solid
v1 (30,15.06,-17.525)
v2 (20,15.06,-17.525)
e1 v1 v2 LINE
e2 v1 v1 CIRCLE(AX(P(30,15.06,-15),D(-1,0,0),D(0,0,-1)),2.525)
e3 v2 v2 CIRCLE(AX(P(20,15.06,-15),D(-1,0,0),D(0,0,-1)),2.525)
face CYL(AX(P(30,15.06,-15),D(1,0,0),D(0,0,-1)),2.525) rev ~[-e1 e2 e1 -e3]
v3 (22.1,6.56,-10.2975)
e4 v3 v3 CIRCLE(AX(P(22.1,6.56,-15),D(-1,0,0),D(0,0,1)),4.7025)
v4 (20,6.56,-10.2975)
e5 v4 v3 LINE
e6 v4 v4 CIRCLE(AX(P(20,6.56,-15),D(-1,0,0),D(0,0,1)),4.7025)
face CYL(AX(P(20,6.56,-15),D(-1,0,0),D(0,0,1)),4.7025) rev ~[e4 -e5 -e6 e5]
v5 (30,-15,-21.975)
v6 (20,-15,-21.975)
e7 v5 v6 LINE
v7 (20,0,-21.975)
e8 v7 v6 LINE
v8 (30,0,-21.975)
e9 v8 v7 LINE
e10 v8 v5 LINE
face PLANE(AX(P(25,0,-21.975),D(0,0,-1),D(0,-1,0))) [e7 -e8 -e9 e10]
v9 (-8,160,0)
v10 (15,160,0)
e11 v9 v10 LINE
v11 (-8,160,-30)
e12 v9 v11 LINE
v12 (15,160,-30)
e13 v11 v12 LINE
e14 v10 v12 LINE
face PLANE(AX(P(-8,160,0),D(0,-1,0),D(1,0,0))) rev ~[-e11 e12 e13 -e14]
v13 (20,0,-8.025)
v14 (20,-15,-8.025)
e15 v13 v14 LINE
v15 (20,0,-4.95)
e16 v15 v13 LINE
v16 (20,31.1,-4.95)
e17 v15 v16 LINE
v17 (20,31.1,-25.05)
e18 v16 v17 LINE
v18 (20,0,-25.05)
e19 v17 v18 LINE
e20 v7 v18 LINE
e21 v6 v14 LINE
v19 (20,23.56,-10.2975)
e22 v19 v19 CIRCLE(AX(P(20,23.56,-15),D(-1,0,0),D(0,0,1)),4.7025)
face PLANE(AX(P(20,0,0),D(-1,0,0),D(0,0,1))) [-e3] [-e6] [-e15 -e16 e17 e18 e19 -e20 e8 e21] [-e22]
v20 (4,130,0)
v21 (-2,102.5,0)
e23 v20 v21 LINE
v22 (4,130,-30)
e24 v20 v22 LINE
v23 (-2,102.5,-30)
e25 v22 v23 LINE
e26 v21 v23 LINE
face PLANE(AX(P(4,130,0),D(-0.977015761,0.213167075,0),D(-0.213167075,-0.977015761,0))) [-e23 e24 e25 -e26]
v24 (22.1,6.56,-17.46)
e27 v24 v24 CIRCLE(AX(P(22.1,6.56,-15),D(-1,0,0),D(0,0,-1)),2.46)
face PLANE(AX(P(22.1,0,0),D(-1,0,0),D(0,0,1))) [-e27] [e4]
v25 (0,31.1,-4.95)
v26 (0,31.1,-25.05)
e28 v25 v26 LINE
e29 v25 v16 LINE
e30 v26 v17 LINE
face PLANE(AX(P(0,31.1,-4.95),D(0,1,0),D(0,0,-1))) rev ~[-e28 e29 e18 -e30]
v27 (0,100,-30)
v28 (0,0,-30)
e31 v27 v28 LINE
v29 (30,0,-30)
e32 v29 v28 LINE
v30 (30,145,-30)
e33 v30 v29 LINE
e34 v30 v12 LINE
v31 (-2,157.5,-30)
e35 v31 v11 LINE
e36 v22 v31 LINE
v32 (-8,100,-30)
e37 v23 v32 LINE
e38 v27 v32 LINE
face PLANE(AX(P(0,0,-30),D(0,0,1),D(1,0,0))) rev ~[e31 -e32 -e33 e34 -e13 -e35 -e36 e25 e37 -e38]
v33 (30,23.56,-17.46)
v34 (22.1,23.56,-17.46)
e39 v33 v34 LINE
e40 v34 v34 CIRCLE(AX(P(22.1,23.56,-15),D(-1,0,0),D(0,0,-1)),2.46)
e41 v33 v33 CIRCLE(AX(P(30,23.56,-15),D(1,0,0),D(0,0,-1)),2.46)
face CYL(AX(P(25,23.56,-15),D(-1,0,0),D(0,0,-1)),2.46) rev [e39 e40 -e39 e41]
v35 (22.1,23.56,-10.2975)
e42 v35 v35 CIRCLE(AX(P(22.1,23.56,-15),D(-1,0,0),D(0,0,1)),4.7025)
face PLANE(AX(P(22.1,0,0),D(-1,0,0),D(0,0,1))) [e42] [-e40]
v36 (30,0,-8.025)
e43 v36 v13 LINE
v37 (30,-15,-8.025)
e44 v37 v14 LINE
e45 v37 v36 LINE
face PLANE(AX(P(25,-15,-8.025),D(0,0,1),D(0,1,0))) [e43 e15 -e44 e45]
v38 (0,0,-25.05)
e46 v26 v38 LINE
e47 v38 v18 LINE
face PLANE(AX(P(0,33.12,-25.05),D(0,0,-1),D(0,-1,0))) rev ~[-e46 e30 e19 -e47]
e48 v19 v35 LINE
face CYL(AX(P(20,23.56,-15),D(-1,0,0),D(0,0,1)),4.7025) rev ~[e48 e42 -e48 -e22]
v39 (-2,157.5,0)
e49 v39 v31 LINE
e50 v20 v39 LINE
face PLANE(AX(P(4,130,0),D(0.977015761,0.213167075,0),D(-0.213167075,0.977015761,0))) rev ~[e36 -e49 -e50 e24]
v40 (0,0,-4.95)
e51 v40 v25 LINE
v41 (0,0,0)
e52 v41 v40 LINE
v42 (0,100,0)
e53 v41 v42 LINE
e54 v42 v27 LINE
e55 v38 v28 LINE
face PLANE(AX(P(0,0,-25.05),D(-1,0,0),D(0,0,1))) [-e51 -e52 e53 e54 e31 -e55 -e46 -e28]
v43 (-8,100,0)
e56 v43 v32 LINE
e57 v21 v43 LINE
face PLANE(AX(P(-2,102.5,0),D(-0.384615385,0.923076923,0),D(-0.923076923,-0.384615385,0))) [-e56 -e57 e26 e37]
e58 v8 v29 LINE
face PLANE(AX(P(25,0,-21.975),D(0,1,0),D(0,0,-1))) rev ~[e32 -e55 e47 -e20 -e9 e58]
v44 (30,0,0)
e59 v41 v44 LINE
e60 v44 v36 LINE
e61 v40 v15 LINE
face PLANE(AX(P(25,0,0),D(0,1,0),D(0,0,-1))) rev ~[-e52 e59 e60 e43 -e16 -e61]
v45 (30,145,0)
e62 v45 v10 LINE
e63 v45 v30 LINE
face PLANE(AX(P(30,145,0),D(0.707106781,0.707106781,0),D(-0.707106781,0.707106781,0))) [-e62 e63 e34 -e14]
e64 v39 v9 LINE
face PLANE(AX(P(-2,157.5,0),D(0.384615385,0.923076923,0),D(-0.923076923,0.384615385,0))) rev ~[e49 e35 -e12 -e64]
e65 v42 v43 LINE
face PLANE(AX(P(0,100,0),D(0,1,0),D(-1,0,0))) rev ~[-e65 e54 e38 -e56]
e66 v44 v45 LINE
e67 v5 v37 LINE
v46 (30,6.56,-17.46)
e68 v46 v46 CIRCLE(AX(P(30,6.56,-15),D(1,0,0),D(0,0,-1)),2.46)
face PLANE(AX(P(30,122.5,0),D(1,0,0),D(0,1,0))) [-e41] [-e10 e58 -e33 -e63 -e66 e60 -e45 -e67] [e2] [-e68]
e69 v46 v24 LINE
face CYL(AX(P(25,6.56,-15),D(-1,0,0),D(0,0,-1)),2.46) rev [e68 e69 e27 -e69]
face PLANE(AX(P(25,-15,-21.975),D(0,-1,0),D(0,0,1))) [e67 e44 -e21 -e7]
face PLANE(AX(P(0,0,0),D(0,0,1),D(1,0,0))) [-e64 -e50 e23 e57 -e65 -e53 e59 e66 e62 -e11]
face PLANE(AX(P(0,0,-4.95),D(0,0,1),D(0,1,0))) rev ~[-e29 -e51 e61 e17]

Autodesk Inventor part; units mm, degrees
ref_plane "YZ Plane" through (0, 0, 0) normal (1, 0, 0) x (0, 1, 0)
ref_plane "XZ Plane" through (0, 0, 0) normal (0, 1, 0) x (-1, 0, 0)
ref_plane "XY Plane" through (0, 0, 0) normal (0, 0, 1) x (1, 0, 0)
sketch "Sketch1" plane through (0, 0, 0) normal (0, 0, 1) x (1, 0, 0)
  line L0 (0, 0) -> (25, 0)
  line L1 (25, 0) -> (25, 40)
  line L2 (25, 40) -> (0, 40)
  line L3 (0, 40) -> (0, 0)
  dimension "d1" = 25
  dimension "d2" = 40
  dimension "d3" = 25
extrude "Extrusion1" add sketch "Sketch1" against normal blind 30
sketch "Sketch2" plane through (25, 0, 0) normal (1, 0, 0) x (0, 0, -1)
  line L0 (0, 0) -> (30, 0) projected
  circle A0 centre (15, 6.56) radius 2.46
extrude "Extrusion2" cut sketch "Sketch2" against normal blind 30
sketch "Sketch3" plane through (0, 0, 0) normal (-1, 0, 0) x (0, 0, 1)
  line L0 (0, 0) -> (-30, 0) projected
  line L1 (-25.05, 0) -> (-4.95, 0)
  line L2 (-4.95, 0) -> (-4.95, 33.12)
  line L3 (-4.95, 33.12) -> (-25.05, 33.12)
  line L4 (-25.05, 33.12) -> (-25.05, 0)
  dimension "d11" = 20.1
extrude "Extrusion3" cut sketch "Sketch3" against normal blind 20
sketch "Sketch4" plane through (0, 0, 0) normal (0, -1, 0) x (1, 0, 0)
  line L0 (20, -4.95) -> (20, -25.05) projected
  line L1 (20, -15) -> (25, -15)
  line L2 (25, 0) -> (25, -30) projected
  line L3 (20, -8.025) -> (25, -8.025)
  line L4 (25, -8.025) -> (25, -21.975)
  line L5 (25, -21.975) -> (20, -21.975)
  line L6 (20, -21.975) -> (20, -8.025)
  line L7 (20, -8.025) -> (25, -21.975) construction
  line L8 (25, -8.025) -> (20, -21.975) construction
  line L9 (25, -12.54) -> (25, -17.46) projected
  point P0 (0, 0)
  point P1 (22.5, -15)
  dimension "d14" = 13.95
extrude "Extrusion4" add sketch "Sketch4" along normal blind 15
sketch "Sketch5" plane through (20, 0, 0) normal (-1, 0, 0) x (0, 0, 1)
  circle A0 centre (-15, 6.56) radius 2.46 projected
  circle A1 centre (-15, 6.56) radius 4.7025
  circle A2 centre (-15, 6.56) radius 2.46 projected
  circle A3 centre (-15, 6.56) radius 2.46
  point P0 (0, 0)
  dimension "d17" = 9.405
extrude "Extrusion5" cut sketch "Sketch5" against normal blind 2.1
sketch "Sketch6" plane through (25, 0, 0) normal (1, 0, 0) x (0, 0, -1)
  circle A0 centre (15, 6.56) radius 4.7025 projected
  line L0 (15, 6.56) -> (15, 23.56)
  circle A1 centre (15, 23.56) radius 2.46
  point P0 (0, 0)
  dimension "d20" = 17
  dimension "d21" = 4.92
extrude "Extrusion6" cut sketch "Sketch6" against normal blind 10 contours A1
sketch "Sketch7" plane through (20, 0, 0) normal (-1, 0, 0) x (0, 0, 1)
  circle A0 centre (-15, 23.56) radius 2.46 projected
  circle A1 centre (-15, 23.56) radius 4.7025
  point P0 (0, 0)
  dimension "d24" = 9.405
extrude "Extrusion7" cut sketch "Sketch7" against normal blind 2.1
sketch "Sketch9" plane through (25, 0, 0) normal (1, 0, 0) x (0, 0, -1)
  circle A0 centre (15, 6.56) radius 2.46 projected
  circle A1 centre (15, 6.56) radius 2.46
  circle A2 centre (15, 23.56) radius 2.46 projected
  circle A3 centre (15, 23.56) radius 2.46
  line L0 (30, 40) -> (30, 0) projected
  line L1 (30, 0) -> (30, 40)
  line L2 (30, 40) -> (0, 40)
  line L3 (0, 40) -> (0, 0)
  line L4 (0, 0) -> (8.025, 0) projected
  line L5 (21.975, 0) -> (21.975, -15)
  line L6 (21.975, -15) -> (8.025, -15)
  line L7 (8.025, -15) -> (8.025, 0)
  line L8 (0, 0) -> (8.025, 0)
  line L9 (21.975, 0) -> (30, 0)
extrude "Extrusion8" add sketch "Sketch9" along normal blind 5
sketch "Sketch10" plane through (0, 40, 0) normal (0, 1, 0) x (1, 0, 0)
  line L0 (0, 30) -> (30, 30) projected
  line L1 (30, 0) -> (0, 0) projected
  line L2 (0, 30) -> (30, 30)
  line L3 (30, 30) -> (30, 0)
  line L4 (30, 0) -> (0, 0)
  line L5 (0, 0) -> (0, 30)
extrude "Extrusion9" add sketch "Sketch10" along normal blind 30
sketch "Sketch12" plane through (30, 0, 0) normal (1, 0, 0) x (0, 0, -1)
  circle A0 centre (15, 6.56) radius 2.46 projected
  line L0 (15, 6.56) -> (15, 15.06)
  circle A1 centre (15, 15.06) radius 2.525
  point P0 (0, 0)
  dimension "d31" = 8.5
  dimension "d33" = 5.05
extrude "Extrusion10" cut sketch "Sketch12" against normal blind 30 contours A1
sketch "Sketch14" plane through (0, 0, 0) normal (0, 0, 1) x (1, 0, 0)
  line L0 (30, 70) -> (0, 70) projected
  line L1 (0, 100) -> (-8, 100)
  line L2 (30, 0) -> (30, 70) projected
  line L3 (30, 118) -> (30, 70)
  line L4 (30, 105) -> (30, 100)
  line L5 (0, 70) -> (30, 70) projected
  line L6 (0, 70) -> (0, 100)
  line L7 (30, 122.5) -> (30, 118)
  line L8 (30, 70) -> (30, 145)
  line L9 (-2, 157.5) -> (-8, 160)
  line L10 (-2, 102.5) -> (-8, 100)
  line L11 (4, 130) -> (-2, 102.5)
  line L12 (4, 130) -> (-2, 157.5)
  line L13 (-8, 160) -> (15, 160)
  line L14 (30, 145) -> (15, 160)
  point P0 (0, 0)
  dimension "d47" = 30
extrude "Extrusion12" add sketch "Sketch14" against normal blind 30
sketch "Sketch15" plane through (0, 0, -25.05) normal (-1, 0, 0) x (0, 0, 1)
  line L0 (0, 33.12) -> (20.1, 33.12) projected
  line L1 (20.1, 33.12) -> (20.1, 0) projected
  line L2 (0, 33.12) -> (20.1, 33.12)
  line L3 (20.1, 33.12) -> (20.1, 31.1)
  line L4 (20.1, 31.1) -> (0, 31.1)
  line L5 (0, 31.1) -> (0, 33.12)
  point P0 (25.05, 0)
  dimension "d57" = 2.02
extrude "Extrusion13" add sketch "Sketch15" against normal blind 20
sketch "Sketch27" plane through (0, 0, 0) normal (0, 0, 1) x (1, 0, 0)
  point P0 (0, 0)
properties part number "55mm_x_30mm"
